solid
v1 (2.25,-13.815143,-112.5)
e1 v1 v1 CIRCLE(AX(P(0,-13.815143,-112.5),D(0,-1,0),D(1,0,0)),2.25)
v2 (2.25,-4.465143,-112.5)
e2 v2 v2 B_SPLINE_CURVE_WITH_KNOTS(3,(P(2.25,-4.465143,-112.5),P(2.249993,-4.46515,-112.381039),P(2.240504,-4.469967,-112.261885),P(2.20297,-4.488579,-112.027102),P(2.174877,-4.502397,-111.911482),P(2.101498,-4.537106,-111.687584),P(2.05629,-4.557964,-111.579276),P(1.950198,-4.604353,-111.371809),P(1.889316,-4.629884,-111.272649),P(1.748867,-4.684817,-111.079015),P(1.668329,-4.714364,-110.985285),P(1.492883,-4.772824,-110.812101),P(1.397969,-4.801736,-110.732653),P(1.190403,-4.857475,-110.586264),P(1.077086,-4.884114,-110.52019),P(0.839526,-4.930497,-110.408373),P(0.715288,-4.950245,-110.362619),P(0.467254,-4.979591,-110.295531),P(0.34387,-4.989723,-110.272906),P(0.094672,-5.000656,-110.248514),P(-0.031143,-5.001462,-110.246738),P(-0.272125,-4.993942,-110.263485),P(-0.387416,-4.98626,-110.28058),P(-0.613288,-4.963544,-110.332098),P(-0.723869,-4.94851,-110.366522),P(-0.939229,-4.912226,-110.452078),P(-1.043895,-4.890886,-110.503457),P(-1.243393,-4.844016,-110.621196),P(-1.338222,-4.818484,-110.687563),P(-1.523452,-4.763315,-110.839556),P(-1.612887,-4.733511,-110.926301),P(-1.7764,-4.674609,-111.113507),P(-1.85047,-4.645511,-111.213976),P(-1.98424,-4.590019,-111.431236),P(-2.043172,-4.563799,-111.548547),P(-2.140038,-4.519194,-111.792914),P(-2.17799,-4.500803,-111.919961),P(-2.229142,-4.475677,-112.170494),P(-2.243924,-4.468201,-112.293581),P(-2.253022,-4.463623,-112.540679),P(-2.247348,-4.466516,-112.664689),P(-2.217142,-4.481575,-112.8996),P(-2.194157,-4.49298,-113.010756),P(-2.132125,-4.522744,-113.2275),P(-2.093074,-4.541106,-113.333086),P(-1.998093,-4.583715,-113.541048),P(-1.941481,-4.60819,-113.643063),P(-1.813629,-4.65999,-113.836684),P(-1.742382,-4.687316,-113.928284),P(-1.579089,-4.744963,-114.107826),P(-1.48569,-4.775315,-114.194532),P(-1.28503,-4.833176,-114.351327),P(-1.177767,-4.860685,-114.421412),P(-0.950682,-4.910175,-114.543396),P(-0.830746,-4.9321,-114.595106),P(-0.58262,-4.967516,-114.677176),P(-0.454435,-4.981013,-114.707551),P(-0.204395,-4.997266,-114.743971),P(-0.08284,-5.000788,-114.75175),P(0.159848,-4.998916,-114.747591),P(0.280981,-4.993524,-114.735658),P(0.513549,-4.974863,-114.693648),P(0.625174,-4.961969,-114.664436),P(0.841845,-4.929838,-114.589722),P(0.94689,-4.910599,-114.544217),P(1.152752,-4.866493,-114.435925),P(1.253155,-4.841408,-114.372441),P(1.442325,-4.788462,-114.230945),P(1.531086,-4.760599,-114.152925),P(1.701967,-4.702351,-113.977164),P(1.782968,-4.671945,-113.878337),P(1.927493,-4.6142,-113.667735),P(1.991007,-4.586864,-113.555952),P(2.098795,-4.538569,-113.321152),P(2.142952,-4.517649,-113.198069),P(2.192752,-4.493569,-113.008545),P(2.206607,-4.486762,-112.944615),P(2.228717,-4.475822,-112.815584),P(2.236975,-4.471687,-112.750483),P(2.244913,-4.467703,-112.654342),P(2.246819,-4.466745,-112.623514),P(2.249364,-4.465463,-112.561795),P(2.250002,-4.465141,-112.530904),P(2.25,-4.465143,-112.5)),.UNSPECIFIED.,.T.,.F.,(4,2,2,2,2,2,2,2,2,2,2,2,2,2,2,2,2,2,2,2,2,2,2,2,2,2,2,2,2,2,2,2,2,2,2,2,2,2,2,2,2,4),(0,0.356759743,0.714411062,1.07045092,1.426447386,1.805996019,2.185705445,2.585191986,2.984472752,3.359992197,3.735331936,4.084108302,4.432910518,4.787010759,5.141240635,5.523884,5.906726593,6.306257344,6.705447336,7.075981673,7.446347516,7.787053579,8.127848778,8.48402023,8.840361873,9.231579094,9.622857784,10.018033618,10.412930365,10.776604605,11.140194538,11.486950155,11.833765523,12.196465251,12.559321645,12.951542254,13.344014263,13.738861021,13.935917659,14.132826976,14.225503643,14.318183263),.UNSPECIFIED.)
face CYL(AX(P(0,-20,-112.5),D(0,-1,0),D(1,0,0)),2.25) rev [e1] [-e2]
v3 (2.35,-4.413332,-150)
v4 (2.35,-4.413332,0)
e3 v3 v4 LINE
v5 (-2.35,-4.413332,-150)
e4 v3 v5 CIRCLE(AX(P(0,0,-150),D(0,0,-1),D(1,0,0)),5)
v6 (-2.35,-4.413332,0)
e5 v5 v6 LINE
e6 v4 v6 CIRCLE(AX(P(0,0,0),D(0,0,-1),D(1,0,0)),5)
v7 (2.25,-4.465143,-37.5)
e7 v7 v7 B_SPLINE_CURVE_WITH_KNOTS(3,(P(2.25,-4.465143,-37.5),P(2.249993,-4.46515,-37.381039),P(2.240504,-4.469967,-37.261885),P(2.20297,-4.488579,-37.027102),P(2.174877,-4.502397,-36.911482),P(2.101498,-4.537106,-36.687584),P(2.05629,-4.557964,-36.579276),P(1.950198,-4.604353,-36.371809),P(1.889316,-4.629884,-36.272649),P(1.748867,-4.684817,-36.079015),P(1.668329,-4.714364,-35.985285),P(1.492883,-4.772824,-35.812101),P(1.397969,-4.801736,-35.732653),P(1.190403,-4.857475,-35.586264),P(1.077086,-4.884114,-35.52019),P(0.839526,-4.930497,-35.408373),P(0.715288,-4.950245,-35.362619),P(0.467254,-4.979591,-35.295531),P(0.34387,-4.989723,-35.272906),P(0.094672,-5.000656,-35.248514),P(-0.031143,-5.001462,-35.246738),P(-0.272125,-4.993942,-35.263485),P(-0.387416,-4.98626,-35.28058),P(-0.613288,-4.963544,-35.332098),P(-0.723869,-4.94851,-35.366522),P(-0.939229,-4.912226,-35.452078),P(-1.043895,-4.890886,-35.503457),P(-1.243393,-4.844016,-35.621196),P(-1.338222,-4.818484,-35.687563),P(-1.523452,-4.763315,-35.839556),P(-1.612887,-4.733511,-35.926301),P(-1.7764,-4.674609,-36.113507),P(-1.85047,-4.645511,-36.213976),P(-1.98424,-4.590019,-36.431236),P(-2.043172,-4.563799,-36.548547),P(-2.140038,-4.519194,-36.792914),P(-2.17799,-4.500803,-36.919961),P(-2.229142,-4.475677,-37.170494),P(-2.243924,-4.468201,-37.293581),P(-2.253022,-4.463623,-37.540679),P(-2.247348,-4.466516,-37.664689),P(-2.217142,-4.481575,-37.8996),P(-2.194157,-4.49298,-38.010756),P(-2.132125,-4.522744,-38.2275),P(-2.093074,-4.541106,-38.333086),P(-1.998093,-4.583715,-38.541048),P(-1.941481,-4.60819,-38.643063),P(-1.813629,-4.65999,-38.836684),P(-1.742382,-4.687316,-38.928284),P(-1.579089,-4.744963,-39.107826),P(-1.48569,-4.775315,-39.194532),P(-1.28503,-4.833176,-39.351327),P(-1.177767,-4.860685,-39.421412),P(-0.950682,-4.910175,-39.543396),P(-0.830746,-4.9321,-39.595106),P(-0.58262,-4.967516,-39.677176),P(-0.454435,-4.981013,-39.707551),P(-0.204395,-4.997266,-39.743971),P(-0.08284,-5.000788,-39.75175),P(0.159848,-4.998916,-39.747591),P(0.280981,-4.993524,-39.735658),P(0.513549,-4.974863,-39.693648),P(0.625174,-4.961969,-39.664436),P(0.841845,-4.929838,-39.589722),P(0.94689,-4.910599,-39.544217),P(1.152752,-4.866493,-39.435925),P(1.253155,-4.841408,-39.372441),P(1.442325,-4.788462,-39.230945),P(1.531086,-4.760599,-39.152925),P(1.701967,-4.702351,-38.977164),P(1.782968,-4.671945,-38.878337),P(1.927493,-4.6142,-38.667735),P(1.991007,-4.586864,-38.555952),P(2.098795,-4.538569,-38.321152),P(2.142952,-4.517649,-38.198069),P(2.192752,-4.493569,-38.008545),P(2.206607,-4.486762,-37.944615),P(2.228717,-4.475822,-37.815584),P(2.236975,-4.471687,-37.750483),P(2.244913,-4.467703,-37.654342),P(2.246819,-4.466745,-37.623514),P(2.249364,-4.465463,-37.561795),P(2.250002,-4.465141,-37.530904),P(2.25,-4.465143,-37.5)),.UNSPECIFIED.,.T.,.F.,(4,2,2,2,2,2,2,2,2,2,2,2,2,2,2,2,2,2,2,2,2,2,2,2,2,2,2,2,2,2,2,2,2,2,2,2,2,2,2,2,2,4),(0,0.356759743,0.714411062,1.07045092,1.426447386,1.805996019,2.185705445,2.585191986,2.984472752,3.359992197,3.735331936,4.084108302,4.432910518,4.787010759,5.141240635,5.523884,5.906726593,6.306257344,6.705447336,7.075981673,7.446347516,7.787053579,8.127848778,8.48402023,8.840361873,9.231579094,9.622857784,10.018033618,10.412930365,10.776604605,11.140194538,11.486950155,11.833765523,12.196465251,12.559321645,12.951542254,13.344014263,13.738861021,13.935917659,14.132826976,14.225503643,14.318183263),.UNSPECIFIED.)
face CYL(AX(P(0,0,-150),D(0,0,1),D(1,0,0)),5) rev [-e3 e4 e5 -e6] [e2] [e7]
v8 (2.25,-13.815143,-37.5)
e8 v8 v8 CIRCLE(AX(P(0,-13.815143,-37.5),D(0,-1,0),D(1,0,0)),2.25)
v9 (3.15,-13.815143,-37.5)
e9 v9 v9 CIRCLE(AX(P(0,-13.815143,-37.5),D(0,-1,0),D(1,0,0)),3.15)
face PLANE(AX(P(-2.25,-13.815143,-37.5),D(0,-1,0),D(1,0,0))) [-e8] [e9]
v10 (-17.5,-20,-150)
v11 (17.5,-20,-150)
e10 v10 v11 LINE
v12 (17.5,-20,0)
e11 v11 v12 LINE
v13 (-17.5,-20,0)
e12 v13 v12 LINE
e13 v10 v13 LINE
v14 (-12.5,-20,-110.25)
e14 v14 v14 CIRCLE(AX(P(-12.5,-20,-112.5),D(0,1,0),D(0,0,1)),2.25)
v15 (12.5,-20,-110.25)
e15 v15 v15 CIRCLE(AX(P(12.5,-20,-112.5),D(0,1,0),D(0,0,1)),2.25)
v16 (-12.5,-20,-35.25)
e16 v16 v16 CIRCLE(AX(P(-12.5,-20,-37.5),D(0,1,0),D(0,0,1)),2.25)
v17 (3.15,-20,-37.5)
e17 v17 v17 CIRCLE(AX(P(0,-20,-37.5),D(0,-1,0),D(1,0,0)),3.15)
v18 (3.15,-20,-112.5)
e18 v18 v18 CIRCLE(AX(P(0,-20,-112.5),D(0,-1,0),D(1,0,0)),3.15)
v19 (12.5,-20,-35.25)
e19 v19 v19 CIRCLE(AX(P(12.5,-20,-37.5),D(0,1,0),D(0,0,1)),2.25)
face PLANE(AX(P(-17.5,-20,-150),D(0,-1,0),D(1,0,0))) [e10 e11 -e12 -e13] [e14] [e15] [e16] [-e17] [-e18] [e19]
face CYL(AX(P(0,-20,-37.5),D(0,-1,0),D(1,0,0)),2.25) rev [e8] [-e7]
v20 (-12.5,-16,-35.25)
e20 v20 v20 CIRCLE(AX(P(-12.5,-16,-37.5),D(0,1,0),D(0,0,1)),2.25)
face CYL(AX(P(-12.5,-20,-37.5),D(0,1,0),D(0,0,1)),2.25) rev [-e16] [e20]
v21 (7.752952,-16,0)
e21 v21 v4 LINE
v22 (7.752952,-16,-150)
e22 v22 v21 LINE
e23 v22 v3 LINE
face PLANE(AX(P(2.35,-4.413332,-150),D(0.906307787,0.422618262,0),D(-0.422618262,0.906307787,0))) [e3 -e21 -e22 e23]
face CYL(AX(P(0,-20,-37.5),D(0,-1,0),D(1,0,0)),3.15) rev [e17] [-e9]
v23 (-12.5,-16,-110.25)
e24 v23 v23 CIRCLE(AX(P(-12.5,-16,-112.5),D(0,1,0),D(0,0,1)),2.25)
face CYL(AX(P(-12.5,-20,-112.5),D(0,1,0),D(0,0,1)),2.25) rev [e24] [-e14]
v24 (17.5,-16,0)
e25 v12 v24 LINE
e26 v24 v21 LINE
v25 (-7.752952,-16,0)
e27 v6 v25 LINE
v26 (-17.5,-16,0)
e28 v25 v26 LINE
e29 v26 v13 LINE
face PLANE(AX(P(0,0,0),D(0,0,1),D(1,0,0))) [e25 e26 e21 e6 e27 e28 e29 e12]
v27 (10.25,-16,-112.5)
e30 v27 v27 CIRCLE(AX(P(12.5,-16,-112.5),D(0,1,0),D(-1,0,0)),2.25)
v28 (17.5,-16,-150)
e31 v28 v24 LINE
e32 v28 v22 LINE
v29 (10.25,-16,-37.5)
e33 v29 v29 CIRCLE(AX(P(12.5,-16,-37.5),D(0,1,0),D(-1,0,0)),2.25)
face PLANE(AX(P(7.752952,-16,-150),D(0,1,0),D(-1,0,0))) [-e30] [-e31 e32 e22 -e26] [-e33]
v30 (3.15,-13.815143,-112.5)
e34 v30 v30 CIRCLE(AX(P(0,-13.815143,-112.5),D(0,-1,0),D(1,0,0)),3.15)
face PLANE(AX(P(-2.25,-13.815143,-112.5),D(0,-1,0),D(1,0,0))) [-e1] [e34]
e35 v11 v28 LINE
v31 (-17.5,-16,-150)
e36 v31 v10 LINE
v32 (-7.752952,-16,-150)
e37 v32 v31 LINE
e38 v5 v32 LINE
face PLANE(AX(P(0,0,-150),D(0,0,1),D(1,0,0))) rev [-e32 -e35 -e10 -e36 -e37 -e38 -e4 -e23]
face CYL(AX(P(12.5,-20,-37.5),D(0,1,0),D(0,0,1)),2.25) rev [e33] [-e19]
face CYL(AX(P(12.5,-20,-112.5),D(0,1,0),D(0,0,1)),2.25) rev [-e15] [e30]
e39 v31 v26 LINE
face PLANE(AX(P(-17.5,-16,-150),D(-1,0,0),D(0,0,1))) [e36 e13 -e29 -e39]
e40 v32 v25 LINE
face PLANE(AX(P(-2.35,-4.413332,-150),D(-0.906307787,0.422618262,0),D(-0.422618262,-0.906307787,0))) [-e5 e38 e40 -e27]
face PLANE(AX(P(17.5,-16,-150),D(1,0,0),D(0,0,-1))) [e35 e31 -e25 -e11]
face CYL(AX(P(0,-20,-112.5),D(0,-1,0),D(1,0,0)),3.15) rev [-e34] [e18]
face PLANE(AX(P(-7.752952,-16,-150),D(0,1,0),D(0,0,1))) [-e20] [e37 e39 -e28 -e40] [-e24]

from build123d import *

# Parameters (mm, degrees)
EXTRUDE_1_DEPTH        = 150
SKETCH_3_R             = 2.25
CUT_EXTRUDE_1_DEPTH    = 20
PATTERN_LINEAR_1_COUNT = 2
PATTERN_LINEAR_1_PITCH = 75


with BuildPart() as part:
    # 草图2 → 凸台-拉伸1 (new body)
    with BuildSketch(Plane.XY):
        with BuildLine():
            Line((2.35, -4.413332075), (7.752951986, -16))
            Line((7.752951986, -16), (17.5, -16))
            Line((17.5, -16), (17.5, -20))
            Line((17.5, -20), (-17.5, -20))
            Line((-17.5, -20), (-17.5, -16))
            Line((-17.5, -16), (-7.752951986, -16))
            Line((-7.752951986, -16), (-2.35, -4.413332075))
            ThreePointArc((-2.35, -4.413332075), (0, -5), (2.35, -4.413332075))
        make_face()
    extrude(amount=-EXTRUDE_1_DEPTH)

    # 草图3 → 切除-拉伸1 (cut)
    with BuildSketch(Plane(origin=(0, 0, 0), x_dir=(1, 0, 0), z_dir=(0, 1, 0))):
        with Locations(Location((12.5, 37.5, 0), (0, 0, 270))):
            Circle(SKETCH_3_R)
        with Locations(Location((-12.5, 37.5, 0), (0, 0, 270))):
            Circle(SKETCH_3_R)
    cut_extrude_1 = extrude(amount=-CUT_EXTRUDE_1_DEPTH, mode=Mode.SUBTRACT)

    # 草图4 → 切除-旋转1 (revolve, cut)
    with BuildSketch(Plane.XY.offset(-37.5), mode=Mode.PRIVATE) as cut_revolve_1_sk:
        Polygon((-2.25, -4.465142775), (-2.25, -13.815142775), (-3.15, -13.815142775), (-3.15, -20), (0, -20), (0, -4.465142775), align=None)
    cut_revolve_1 = revolve(cut_revolve_1_sk.sketch.rotate(Axis((0, -20, -37.5), (0, 1, 0)), 180), axis=Axis((0, -20, -37.5), (0, 1, 0)), mode=Mode.SUBTRACT)

    # 阵列(线性)1: 切除-拉伸1, 切除-旋转1 ×2
    with Locations(*[(0, 0, -i * PATTERN_LINEAR_1_PITCH) for i in range(1, PATTERN_LINEAR_1_COUNT)]):
        add(cut_extrude_1, mode=Mode.SUBTRACT)
        add(cut_revolve_1, mode=Mode.SUBTRACT)


solid = part.part
